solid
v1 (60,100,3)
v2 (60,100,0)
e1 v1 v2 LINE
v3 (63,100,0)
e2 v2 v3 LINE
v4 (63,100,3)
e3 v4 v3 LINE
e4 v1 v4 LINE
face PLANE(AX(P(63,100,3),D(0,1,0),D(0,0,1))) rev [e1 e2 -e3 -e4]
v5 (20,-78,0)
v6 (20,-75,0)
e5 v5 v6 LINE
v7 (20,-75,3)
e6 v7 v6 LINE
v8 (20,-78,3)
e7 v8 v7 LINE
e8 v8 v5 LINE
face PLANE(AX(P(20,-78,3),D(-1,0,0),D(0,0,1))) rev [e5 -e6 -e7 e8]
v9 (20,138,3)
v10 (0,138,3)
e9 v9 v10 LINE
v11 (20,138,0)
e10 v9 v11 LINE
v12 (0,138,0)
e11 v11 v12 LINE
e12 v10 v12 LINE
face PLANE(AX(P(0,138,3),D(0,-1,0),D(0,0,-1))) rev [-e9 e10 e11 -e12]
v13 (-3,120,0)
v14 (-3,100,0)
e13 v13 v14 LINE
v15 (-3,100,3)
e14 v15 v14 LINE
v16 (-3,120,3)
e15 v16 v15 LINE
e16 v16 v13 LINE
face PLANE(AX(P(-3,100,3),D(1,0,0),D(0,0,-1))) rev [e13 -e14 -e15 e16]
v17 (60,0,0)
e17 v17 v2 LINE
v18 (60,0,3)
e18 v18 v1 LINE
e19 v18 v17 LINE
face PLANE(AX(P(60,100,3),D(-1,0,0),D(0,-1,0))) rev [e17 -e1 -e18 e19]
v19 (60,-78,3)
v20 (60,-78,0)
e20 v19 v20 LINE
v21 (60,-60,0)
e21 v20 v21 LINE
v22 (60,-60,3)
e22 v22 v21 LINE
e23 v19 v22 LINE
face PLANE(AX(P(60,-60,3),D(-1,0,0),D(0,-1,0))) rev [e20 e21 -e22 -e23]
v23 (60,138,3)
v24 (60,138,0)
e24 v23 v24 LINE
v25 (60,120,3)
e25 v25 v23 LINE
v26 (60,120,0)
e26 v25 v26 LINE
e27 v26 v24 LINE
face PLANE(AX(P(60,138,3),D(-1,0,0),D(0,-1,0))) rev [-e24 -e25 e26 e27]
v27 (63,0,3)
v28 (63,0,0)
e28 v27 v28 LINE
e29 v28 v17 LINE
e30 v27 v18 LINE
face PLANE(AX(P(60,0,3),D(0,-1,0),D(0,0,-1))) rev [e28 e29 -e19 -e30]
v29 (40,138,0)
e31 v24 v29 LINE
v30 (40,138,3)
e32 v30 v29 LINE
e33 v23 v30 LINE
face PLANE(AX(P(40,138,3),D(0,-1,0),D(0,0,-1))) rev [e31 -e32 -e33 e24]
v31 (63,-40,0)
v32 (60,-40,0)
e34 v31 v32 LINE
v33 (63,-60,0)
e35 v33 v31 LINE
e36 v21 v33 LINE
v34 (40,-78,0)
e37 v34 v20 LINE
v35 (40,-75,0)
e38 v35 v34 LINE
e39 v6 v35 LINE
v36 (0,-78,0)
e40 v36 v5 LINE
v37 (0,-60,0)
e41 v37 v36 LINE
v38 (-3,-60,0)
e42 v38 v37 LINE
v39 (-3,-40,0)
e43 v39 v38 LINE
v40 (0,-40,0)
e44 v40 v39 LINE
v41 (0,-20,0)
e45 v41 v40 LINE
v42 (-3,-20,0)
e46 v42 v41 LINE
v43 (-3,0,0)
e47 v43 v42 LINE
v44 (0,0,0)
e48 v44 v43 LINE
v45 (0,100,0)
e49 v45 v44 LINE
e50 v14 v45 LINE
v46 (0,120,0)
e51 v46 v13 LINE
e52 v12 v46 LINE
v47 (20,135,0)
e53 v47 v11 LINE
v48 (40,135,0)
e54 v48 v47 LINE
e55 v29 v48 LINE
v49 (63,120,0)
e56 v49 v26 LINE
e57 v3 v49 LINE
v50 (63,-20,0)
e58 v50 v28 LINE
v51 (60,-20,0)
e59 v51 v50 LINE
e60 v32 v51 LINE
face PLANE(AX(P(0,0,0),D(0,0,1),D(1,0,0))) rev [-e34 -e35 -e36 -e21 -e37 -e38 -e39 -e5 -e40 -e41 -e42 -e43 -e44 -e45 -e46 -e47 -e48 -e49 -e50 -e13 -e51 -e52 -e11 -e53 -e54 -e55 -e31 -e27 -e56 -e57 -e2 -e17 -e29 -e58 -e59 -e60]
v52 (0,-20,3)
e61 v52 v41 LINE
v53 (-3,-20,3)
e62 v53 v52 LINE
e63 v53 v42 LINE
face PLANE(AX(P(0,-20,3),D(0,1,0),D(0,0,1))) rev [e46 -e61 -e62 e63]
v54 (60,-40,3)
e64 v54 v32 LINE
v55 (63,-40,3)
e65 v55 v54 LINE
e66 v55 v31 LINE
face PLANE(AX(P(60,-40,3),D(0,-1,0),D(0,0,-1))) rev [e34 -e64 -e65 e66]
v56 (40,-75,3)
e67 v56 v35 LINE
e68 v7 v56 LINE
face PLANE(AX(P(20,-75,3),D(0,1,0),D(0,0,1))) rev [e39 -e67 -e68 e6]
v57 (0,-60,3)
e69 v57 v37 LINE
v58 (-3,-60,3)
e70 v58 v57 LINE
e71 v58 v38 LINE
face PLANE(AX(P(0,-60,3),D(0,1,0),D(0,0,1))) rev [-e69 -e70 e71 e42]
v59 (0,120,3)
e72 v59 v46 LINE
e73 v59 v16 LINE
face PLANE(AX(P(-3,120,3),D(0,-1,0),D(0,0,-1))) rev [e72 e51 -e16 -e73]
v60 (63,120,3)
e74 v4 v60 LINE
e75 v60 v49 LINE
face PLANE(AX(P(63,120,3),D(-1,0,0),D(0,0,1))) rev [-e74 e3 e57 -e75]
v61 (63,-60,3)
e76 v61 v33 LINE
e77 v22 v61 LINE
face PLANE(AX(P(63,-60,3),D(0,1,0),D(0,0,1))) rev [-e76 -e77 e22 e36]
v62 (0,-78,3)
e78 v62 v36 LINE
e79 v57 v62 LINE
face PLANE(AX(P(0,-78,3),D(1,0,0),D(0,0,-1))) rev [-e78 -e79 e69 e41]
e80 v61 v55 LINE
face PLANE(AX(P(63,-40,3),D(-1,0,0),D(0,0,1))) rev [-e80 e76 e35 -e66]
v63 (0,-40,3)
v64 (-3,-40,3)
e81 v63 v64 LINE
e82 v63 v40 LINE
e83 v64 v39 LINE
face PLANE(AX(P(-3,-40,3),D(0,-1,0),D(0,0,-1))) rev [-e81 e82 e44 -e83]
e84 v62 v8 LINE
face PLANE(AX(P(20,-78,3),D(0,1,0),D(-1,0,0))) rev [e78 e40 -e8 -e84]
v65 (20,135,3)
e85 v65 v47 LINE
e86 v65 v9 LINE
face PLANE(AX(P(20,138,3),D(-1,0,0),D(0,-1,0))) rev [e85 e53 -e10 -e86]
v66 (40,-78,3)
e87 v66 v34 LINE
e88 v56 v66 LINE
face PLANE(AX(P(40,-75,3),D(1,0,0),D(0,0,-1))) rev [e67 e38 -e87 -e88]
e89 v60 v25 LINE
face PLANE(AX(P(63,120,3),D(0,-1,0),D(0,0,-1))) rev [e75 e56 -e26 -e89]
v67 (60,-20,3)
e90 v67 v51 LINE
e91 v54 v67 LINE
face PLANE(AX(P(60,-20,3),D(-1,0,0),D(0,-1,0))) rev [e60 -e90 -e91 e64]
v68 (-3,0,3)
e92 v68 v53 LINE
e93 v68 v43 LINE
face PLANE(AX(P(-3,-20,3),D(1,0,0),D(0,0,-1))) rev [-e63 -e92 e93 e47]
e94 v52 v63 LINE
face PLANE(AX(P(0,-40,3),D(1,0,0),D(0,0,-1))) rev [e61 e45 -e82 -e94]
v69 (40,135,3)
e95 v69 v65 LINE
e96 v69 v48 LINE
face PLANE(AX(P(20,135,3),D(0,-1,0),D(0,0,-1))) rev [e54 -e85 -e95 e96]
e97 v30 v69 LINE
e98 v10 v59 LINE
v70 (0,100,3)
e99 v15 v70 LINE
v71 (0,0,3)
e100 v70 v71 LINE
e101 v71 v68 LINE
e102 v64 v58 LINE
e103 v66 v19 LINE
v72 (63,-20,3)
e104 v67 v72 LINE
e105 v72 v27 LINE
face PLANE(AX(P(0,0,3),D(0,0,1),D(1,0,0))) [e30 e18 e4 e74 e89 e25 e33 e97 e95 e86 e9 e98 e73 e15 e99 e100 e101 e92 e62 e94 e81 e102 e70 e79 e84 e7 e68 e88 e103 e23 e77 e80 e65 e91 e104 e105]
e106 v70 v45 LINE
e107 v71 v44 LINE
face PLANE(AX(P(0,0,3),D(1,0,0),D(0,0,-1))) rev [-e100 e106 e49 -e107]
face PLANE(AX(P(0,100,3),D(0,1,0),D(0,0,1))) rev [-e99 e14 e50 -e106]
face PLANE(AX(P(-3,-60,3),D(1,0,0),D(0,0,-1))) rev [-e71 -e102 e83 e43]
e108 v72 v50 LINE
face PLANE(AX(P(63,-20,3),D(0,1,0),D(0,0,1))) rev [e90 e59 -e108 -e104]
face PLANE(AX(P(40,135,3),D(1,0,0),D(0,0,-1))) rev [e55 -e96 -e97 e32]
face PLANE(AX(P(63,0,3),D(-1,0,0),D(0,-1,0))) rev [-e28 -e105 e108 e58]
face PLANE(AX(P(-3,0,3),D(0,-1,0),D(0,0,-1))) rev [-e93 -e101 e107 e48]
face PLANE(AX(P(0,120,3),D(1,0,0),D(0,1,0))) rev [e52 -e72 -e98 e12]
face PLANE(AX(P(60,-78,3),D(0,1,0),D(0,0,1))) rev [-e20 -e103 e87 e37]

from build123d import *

# Parameters (mm, degrees)
BOSS_EXTRUDE1_DEPTH = 3


with BuildPart() as part:
    # Sketch1 → Boss-Extrude1 (new body)
    with BuildSketch(Plane.XY):
        Polygon((0, 0), (0, 100), (-3, 100), (-3, 120), (0, 120), (0, 138), (20, 138), (20, 135), (40, 135), (40, 138), (60, 138), (60, 120), (63, 120), (63, 100), (60, 100), (60, 0), (63, 0), (63, -20), (60, -20), (60, -40), (63, -40), (63, -60), (60, -60), (60, -78), (40, -78), (40, -75), (20, -75), (20, -78), (0, -78), (0, -60), (-3, -60), (-3, -40), (0, -40), (0, -20), (-3, -20), (-3, 0), align=None)
    extrude(amount=BOSS_EXTRUDE1_DEPTH)


solid = part.part
